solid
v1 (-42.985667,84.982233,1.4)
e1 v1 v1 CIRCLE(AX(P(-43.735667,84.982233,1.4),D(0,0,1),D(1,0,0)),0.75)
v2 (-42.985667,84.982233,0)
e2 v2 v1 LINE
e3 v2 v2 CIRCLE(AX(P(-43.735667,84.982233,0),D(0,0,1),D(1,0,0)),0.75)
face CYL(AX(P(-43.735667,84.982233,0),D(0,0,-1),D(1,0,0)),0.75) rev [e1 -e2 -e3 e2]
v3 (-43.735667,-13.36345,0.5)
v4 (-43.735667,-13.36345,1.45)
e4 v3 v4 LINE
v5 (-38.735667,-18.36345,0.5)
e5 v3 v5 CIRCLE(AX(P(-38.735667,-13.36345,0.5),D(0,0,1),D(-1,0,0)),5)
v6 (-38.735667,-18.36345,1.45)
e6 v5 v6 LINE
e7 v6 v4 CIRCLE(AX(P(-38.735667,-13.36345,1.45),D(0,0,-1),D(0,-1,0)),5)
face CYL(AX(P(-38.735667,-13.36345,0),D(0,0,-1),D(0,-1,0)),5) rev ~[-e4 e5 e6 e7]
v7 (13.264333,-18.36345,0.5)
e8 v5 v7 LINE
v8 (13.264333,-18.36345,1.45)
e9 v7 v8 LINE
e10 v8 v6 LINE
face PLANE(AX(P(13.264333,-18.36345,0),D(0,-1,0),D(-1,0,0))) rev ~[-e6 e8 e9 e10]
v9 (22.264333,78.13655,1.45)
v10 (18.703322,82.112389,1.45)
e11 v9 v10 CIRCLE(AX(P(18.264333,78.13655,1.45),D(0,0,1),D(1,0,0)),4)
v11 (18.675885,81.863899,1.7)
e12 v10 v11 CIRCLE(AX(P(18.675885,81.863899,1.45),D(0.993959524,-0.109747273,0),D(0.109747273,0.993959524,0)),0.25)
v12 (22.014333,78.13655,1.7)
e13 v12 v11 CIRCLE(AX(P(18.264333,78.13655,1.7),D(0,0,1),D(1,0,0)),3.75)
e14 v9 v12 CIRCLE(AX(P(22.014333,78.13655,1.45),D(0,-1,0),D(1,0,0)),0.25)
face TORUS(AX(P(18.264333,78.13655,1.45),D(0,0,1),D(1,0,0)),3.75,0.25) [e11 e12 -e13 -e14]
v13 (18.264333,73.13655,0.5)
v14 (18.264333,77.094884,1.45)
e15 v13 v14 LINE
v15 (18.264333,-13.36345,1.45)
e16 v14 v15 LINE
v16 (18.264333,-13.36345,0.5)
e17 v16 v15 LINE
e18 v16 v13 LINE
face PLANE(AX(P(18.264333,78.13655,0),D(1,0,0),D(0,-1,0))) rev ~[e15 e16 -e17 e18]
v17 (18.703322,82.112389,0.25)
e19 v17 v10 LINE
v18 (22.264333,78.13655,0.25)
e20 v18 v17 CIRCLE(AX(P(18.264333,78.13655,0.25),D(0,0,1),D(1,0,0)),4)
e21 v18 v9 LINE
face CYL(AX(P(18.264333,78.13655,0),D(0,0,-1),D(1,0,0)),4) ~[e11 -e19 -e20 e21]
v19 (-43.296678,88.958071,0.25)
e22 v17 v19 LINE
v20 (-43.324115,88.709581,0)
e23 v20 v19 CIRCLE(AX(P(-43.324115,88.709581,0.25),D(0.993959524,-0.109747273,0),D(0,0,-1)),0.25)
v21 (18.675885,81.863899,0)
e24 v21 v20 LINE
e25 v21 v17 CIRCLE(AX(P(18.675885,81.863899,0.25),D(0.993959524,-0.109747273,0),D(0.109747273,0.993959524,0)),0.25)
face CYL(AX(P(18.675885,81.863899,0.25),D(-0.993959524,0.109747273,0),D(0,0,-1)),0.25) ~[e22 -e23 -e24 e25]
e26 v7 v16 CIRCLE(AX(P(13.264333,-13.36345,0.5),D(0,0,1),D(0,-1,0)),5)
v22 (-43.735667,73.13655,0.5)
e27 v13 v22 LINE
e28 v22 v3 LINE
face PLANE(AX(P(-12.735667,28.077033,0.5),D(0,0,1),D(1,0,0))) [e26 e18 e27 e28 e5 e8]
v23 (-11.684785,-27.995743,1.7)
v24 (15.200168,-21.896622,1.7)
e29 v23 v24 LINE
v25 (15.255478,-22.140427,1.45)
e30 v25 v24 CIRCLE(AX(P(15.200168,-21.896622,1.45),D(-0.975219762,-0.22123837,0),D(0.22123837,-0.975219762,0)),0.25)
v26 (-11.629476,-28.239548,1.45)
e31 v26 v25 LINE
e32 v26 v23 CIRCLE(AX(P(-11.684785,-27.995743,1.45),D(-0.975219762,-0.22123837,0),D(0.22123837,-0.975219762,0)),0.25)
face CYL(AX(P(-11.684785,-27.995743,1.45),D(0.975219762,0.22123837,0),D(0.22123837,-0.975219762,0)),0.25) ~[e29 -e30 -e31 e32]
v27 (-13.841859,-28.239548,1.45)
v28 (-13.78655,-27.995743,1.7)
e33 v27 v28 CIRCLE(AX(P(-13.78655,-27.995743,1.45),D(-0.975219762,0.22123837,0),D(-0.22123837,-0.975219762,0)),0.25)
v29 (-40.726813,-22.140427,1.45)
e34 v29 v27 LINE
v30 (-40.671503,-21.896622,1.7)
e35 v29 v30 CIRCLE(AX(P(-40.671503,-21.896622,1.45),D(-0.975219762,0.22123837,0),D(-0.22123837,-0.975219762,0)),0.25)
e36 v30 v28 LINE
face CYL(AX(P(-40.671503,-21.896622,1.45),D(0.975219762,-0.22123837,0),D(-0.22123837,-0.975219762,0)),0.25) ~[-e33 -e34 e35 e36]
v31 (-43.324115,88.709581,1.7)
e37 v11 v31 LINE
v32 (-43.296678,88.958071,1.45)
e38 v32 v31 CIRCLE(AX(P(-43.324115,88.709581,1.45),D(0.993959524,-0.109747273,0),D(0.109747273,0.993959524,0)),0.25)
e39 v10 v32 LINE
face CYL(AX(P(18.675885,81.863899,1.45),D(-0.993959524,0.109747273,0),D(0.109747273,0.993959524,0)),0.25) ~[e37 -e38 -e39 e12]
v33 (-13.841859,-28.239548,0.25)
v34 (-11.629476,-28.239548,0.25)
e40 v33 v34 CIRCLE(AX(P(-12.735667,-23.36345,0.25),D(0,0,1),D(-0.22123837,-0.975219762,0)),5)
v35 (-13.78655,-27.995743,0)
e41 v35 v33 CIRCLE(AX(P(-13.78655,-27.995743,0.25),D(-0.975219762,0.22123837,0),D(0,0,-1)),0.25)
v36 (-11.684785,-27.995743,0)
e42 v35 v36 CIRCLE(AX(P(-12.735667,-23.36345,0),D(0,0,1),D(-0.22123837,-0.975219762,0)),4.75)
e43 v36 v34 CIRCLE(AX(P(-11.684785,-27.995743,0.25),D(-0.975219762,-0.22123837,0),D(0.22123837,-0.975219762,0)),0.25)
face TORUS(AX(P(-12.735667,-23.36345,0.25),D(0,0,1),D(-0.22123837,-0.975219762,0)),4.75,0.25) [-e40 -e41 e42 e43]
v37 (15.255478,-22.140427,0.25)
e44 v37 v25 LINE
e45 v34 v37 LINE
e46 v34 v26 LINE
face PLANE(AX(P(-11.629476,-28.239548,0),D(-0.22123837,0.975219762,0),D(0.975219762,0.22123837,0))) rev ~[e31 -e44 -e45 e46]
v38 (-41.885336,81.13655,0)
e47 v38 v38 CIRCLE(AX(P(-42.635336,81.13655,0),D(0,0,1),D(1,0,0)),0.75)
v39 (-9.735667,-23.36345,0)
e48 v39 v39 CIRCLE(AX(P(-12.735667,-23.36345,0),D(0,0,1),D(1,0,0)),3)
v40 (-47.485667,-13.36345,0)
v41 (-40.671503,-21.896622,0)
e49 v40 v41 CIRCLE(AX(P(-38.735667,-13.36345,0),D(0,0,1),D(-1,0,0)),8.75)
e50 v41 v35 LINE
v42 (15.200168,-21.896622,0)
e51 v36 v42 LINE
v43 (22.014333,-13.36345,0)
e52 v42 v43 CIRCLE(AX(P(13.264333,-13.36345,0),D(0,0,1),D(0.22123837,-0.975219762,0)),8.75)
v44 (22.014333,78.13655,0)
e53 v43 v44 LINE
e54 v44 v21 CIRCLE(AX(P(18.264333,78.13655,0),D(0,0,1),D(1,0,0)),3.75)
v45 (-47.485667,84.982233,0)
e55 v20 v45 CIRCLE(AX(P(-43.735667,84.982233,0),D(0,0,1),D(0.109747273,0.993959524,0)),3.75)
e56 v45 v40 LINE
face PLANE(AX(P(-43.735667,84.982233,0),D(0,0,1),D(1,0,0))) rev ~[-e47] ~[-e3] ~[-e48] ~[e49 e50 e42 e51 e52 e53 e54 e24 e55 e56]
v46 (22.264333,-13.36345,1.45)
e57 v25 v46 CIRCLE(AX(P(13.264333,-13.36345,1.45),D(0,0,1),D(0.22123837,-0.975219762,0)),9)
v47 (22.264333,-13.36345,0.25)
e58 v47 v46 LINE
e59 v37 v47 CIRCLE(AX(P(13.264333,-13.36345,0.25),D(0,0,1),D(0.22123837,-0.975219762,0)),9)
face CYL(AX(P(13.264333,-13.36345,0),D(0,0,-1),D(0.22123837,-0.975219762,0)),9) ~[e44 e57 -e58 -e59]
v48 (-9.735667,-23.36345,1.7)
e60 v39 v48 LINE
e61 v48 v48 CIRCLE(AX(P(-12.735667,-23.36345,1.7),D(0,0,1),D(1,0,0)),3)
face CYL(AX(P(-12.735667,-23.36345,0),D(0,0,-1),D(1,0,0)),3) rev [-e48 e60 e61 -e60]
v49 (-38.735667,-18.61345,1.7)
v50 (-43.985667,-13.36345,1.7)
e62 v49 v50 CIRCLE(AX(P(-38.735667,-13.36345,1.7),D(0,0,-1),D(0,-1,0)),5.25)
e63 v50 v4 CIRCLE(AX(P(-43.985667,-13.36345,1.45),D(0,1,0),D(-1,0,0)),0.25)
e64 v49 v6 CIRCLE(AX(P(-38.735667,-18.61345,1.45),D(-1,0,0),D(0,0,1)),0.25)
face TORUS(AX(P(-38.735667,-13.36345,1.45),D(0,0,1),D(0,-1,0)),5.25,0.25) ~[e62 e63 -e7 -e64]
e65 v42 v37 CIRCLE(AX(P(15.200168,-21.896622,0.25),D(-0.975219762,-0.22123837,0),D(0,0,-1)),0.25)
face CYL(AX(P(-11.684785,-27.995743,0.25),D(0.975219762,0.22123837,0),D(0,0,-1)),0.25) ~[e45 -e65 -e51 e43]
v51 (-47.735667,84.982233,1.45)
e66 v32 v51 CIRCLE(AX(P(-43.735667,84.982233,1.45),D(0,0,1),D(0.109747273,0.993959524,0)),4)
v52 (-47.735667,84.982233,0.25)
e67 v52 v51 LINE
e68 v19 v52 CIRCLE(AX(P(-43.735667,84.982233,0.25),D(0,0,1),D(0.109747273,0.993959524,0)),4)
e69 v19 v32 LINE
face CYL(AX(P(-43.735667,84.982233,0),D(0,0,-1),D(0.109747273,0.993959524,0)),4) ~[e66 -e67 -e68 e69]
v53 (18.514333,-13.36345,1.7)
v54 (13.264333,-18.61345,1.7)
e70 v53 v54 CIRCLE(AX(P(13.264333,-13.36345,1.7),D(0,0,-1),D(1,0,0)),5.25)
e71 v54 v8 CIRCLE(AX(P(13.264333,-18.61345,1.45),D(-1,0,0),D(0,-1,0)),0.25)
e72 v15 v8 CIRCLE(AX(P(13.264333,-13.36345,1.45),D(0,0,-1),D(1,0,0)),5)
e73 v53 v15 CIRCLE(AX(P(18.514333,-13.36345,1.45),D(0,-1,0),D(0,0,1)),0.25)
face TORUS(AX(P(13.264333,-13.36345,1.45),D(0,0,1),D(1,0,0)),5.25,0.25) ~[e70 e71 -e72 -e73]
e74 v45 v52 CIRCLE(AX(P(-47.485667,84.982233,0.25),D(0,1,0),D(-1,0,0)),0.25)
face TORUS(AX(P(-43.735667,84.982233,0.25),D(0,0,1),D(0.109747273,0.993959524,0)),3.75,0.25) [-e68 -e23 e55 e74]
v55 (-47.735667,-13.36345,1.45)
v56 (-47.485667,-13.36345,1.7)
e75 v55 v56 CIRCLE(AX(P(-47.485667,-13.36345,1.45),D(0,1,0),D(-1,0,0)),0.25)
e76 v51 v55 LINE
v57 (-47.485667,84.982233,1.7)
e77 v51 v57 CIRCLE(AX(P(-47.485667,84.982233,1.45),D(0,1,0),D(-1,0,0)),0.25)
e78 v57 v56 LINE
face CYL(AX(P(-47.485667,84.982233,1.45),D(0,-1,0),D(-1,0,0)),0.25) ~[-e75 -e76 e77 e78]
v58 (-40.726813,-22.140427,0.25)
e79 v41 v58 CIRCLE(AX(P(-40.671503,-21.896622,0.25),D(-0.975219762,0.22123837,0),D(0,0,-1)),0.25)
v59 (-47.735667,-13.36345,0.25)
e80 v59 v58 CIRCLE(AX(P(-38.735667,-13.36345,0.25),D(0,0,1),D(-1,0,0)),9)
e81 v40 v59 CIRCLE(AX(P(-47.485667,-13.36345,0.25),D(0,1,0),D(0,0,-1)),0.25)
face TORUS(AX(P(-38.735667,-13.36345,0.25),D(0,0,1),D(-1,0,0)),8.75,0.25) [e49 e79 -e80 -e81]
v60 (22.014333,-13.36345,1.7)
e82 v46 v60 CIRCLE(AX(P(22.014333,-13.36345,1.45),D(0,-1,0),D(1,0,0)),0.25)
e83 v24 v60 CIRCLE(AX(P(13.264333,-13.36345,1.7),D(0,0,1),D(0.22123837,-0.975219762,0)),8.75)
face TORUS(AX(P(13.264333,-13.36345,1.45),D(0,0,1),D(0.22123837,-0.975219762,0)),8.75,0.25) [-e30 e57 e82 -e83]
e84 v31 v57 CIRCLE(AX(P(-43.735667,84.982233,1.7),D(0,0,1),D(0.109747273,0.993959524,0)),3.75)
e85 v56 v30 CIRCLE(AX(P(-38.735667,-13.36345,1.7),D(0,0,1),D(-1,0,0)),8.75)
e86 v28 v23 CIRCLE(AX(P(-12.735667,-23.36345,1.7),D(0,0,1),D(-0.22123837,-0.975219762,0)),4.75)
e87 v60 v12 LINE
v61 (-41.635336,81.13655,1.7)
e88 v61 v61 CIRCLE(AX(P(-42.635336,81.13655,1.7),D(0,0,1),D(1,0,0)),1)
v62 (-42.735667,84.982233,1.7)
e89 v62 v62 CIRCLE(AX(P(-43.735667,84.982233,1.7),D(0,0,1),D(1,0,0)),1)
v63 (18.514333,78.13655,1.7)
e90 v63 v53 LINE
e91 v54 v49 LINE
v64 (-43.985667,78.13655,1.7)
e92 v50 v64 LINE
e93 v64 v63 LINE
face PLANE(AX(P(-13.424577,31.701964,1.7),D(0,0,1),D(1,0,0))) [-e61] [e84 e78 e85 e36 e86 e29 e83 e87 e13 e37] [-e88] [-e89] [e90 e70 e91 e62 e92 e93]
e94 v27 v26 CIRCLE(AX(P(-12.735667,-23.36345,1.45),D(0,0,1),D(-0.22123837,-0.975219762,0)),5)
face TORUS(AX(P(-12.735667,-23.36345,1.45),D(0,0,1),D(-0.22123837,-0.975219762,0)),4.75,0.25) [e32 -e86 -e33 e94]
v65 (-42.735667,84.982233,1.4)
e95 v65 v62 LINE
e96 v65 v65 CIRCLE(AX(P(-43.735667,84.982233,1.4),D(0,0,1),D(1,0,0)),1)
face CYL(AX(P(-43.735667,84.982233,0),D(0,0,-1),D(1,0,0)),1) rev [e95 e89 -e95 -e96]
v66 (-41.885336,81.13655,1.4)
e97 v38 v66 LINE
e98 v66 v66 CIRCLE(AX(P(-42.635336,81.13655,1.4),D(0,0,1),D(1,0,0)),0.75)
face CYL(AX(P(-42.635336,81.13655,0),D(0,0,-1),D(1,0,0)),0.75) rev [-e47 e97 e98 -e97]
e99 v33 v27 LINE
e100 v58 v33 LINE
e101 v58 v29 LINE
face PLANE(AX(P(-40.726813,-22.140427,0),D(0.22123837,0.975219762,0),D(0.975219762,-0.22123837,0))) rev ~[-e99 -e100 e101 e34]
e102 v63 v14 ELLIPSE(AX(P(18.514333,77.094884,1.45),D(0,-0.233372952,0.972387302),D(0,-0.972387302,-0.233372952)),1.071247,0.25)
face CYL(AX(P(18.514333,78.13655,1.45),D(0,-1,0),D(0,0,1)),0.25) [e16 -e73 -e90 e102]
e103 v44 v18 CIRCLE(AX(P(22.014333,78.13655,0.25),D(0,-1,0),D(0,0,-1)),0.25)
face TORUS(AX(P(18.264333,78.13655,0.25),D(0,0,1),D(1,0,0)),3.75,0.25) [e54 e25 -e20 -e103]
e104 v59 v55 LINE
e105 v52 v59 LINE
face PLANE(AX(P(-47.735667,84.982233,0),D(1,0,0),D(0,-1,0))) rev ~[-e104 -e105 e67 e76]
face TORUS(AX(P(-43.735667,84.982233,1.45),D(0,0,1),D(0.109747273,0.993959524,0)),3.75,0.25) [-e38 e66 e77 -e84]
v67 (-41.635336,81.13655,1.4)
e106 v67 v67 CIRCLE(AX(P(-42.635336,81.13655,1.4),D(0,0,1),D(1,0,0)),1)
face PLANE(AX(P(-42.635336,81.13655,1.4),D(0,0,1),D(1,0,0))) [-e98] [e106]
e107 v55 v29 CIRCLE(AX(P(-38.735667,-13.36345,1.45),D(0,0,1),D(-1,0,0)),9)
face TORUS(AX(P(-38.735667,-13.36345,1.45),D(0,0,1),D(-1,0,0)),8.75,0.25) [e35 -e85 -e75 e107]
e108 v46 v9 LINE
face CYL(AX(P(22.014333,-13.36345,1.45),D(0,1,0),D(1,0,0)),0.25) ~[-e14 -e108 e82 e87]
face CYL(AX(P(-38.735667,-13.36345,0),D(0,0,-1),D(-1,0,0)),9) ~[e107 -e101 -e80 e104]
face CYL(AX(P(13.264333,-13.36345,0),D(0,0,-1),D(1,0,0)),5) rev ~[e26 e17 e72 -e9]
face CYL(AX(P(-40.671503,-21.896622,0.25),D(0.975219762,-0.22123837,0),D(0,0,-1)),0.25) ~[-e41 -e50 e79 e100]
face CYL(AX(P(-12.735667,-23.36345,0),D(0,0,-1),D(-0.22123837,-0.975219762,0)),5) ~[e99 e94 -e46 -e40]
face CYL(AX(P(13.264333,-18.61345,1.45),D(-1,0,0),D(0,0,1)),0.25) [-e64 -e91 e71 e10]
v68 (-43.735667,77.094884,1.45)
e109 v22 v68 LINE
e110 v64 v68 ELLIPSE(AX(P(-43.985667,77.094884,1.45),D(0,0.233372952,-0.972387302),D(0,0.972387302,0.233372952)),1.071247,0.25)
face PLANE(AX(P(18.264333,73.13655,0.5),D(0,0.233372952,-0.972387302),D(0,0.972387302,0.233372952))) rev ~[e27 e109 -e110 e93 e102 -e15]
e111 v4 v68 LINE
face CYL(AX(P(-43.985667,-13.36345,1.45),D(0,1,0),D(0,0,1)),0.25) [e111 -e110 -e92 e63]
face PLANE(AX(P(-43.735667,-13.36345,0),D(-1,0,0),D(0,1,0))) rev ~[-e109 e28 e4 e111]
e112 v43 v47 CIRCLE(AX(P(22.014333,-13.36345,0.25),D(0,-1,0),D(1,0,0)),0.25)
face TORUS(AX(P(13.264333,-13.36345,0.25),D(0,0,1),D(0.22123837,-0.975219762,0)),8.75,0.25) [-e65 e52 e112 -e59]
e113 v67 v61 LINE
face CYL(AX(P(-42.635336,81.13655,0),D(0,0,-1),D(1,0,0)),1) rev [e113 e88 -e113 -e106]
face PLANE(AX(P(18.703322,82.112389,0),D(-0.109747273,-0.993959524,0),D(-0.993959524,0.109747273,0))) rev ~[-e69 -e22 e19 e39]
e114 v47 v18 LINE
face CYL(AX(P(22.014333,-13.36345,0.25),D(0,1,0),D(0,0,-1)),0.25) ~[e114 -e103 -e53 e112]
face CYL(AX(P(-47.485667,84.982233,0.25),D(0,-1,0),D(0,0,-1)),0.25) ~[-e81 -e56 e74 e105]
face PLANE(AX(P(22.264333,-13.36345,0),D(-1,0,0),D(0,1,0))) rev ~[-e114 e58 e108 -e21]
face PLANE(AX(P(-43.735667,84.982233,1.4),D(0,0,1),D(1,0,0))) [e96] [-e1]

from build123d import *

# Parameters (mm, degrees)
F4_R     = 3
F4_R_2   = 1
F5_DEPTH = 1.7
F6_DEPTH = 0.5
F8_DEPTH = 62
F4_R_3   = 0.75
F9_DEPTH = 1.4
F10_R    = 0.25


with BuildPart() as f5:
    # F4 (on Top) → F5 (new body)
    with BuildSketch(Plane.XY):
        with BuildLine():
            ThreePointArc((-43.2966782842, 88.958070665), (-46.4043790169, 87.9618261956), (-47.7356673777, 84.9822325677))
            Line((-47.7356673777, 84.9822325677), (-47.7356673777, -13.3634495586))
            ThreePointArc((-47.7356673777, -13.3634495586), (-45.7684587141, -18.9794842824), (-40.7268127068, -22.1404274143))
            Line((-40.7268127068, -22.1404274143), (-13.8418592272, -28.2395483673))
            ThreePointArc((-13.8418592272, -28.2395483673), (-12.7356673777, -28.3634495586), (-11.6294755282, -28.2395483673))
            Line((-11.6294755282, -28.2395483673), (15.2554779514, -22.1404274143))
            ThreePointArc((15.2554779514, -22.1404274143), (20.2971239587, -18.9794842824), (22.2643326223, -13.3634495586))
            Line((22.2643326223, -13.3634495586), (22.2643326223, 78.1365504414))
            ThreePointArc((22.2643326223, 78.1365504414), (21.2439262501, 80.8052620805), (18.7033217158, 82.1123885387))
            Line((18.7033217158, 82.1123885387), (-43.2966782842, 88.958070665))
        make_face()
        with Locations((-12.7356673777, -23.3634495586)):
            Circle(F4_R, mode=Mode.SUBTRACT)
        with BuildLine():
            Line((-43.7356673777, 73.1365504414), (-43.7356673777, 78.1365504414))
            Line((-43.7356673777, 78.1365504414), (18.2643326223, 78.1365504414))
            Line((18.2643326223, 78.1365504414), (18.2643326223, 73.1365504414))
            Line((18.2643326223, 73.1365504414), (18.2643326223, -13.3634495586))
            ThreePointArc((18.2643326223, -13.3634495586), (16.7998665282, -16.8989834645), (13.2643326223, -18.3634495586))
            Line((13.2643326223, -18.3634495586), (-38.7356673777, -18.3634495586))
            ThreePointArc((-38.7356673777, -18.3634495586), (-42.2712012836, -16.8989834645), (-43.7356673777, -13.3634495586))
            Line((-43.7356673777, -13.3634495586), (-43.7356673777, 73.1365504414))
        make_face(mode=Mode.SUBTRACT)
        with Locations((-42.6353360717, 81.1365504414)):
            Circle(F4_R_2, mode=Mode.SUBTRACT)
        with Locations((-43.7356673777, 84.9822325677)):
            Circle(F4_R_2, mode=Mode.SUBTRACT)
    extrude(amount=F5_DEPTH)

    # F4 (on Top) → F6 (join)
    with BuildSketch(Plane.XY):
        with BuildLine():
            Line((18.2643326223, 73.1365504414), (-43.7356673777, 73.1365504414))
            Line((-43.7356673777, 73.1365504414), (-43.7356673777, -13.3634495586))
            ThreePointArc((-43.7356673777, -13.3634495586), (-42.2712012836, -16.8989834645), (-38.7356673777, -18.3634495586))
            Line((-38.7356673777, -18.3634495586), (13.2643326223, -18.3634495586))
            ThreePointArc((13.2643326223, -18.3634495586), (16.7998665282, -16.8989834645), (18.2643326223, -13.3634495586))
            Line((18.2643326223, -13.3634495586), (18.2643326223, 73.1365504414))
        make_face()
    extrude(amount=F6_DEPTH)

    # F7 (on face) → F8 (join, through all)
    with BuildSketch(Plane(origin=(18.2643326223, 0, 0), x_dir=(0, -1, 0), z_dir=(-1, 0, 0))):
        Polygon((-73.1365504414, 0), (-73.1365504414, 0.5), (-78.1365504414, 1.7), (-78.1365504414, 0), align=None)
    extrude(amount=F8_DEPTH)

    # F4 (on Top) → F9 (join, through all)
    with BuildSketch(Plane.XY):
        with Locations((-43.7356673777, 84.9822325677)):
            Circle(F4_R_2)
        with Locations((-43.7356673777, 84.9822325677)):
            Circle(F4_R_3, mode=Mode.SUBTRACT)
        with Locations((-42.6353360717, 81.1365504414)):
            Circle(F4_R_2)
        with Locations((-42.6353360717, 81.1365504414)):
            Circle(F4_R_3, mode=Mode.SUBTRACT)
    extrude(amount=F9_DEPTH)

    # F10
    f10_edges = [f5.edges().sort_by_distance(p)[0] for p in [
        (-43.735667, 32.38655, 1.7),
        (22.264333, 32.38655, 1.7),
        (-27.284336, -25.189988, 0),
    ]]
    fillet(f10_edges, radius=F10_R)


solid = f5.part
